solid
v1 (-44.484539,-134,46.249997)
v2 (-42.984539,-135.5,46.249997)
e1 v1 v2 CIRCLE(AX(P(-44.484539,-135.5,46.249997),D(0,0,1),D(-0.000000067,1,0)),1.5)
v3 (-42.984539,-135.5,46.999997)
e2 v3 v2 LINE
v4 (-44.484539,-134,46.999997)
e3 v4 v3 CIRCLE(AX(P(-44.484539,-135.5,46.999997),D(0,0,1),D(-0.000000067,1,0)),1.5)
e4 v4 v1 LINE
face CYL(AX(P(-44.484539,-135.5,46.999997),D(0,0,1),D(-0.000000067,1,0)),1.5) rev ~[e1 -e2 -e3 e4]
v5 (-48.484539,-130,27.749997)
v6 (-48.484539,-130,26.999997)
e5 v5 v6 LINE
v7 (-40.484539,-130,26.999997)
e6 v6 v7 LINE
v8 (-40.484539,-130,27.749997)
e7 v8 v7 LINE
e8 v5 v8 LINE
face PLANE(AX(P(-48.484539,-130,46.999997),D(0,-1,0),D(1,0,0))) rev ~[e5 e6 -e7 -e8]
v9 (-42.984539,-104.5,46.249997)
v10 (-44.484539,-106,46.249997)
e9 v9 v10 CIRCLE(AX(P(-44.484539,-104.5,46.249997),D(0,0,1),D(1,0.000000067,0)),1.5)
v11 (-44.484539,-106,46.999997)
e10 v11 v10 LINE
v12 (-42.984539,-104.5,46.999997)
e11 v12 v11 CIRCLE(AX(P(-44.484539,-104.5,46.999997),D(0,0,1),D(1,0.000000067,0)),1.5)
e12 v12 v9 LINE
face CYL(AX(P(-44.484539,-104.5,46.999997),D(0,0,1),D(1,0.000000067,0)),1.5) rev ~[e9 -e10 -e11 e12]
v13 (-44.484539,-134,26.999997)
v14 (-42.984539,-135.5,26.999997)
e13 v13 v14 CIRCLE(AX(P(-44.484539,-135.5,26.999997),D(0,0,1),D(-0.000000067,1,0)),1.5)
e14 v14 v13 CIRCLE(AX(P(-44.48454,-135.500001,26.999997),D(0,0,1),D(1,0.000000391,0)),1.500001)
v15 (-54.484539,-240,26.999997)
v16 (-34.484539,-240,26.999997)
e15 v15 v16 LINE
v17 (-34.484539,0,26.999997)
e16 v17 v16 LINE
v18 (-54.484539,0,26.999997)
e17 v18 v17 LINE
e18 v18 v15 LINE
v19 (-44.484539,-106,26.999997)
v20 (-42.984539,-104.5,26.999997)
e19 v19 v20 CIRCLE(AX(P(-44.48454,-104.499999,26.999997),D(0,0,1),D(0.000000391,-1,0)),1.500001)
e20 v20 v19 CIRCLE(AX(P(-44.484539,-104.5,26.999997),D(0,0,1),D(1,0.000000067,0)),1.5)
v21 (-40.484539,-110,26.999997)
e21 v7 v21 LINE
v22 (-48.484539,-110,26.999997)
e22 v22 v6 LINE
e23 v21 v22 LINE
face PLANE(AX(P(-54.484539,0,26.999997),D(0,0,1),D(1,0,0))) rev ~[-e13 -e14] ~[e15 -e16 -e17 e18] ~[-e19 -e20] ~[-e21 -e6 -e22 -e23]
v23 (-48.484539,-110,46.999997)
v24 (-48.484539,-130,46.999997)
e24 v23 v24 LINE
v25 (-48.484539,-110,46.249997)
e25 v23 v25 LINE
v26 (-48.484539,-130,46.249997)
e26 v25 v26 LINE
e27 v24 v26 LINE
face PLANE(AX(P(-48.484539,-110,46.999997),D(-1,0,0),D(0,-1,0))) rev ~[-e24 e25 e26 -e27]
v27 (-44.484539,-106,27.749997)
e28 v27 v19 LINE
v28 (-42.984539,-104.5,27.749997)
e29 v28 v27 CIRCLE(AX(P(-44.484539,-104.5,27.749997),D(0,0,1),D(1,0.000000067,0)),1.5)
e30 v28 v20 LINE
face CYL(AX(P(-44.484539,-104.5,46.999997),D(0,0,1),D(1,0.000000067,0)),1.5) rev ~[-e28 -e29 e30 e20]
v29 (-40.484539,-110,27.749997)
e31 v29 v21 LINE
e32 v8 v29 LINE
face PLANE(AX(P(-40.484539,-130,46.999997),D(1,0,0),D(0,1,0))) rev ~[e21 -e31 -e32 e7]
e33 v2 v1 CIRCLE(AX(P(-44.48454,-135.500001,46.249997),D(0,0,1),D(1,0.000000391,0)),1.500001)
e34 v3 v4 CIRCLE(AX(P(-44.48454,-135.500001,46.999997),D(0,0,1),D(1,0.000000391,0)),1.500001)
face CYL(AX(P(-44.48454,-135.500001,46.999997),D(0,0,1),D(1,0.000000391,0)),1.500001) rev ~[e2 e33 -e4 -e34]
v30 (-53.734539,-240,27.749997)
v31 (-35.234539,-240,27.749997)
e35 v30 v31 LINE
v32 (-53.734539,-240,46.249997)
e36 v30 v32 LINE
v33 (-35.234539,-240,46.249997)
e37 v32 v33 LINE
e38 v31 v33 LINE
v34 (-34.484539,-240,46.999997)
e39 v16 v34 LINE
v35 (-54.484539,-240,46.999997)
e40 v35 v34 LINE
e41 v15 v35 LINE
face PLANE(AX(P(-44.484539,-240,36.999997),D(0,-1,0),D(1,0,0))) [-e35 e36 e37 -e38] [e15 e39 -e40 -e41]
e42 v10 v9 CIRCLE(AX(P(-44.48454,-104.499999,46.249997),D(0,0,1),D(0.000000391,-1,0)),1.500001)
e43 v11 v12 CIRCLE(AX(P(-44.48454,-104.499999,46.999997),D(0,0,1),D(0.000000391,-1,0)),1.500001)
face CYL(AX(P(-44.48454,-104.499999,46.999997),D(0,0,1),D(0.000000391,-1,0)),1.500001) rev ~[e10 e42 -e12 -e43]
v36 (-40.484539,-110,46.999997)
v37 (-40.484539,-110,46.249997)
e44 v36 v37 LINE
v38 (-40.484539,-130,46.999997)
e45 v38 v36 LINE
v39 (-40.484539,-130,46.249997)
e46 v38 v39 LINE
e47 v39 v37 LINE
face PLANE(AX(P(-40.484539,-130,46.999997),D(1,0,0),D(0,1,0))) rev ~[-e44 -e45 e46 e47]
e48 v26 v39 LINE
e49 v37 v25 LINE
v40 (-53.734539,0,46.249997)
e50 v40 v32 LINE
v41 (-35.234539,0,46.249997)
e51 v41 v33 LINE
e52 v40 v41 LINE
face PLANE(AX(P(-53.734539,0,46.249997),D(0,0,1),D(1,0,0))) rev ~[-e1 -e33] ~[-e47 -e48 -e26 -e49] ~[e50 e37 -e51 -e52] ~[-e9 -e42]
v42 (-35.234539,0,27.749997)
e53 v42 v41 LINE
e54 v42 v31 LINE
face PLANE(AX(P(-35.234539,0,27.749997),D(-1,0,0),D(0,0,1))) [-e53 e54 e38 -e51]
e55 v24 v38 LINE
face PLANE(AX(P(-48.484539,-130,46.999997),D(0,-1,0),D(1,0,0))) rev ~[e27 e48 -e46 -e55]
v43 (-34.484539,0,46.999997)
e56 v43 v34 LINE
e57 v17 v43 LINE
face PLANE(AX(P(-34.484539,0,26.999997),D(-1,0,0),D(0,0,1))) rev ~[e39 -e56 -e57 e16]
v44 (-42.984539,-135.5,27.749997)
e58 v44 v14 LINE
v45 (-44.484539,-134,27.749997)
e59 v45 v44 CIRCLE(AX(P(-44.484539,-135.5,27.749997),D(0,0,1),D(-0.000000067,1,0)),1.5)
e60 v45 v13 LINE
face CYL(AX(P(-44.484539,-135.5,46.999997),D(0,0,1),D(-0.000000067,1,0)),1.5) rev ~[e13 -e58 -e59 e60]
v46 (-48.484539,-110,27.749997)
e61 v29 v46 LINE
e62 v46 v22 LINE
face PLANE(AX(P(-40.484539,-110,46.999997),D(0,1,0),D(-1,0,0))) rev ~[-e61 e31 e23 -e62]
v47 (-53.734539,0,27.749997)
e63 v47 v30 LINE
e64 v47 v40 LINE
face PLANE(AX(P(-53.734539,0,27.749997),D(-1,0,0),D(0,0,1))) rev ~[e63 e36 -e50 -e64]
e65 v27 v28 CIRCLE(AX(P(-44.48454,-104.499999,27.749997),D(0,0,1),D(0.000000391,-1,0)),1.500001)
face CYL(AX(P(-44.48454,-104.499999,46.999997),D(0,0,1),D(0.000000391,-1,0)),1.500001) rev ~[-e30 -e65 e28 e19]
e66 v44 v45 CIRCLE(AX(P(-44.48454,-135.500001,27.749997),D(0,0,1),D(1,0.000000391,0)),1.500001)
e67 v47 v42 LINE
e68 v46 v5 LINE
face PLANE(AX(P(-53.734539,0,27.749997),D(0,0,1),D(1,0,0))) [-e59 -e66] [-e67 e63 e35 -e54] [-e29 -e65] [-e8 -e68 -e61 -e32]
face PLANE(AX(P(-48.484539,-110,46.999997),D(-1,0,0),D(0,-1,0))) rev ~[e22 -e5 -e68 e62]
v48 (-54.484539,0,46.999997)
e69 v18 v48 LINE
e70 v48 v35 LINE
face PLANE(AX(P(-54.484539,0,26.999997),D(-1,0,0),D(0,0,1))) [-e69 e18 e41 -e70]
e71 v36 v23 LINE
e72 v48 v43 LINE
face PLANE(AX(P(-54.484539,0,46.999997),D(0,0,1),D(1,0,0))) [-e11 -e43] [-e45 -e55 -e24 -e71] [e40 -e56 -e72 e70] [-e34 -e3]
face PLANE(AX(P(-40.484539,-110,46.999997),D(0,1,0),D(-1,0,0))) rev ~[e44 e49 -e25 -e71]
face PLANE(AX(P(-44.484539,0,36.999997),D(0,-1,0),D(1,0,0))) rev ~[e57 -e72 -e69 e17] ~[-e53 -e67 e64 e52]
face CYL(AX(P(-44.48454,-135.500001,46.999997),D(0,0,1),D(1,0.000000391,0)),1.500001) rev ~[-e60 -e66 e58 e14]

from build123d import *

# Parameters (mm, degrees)
F0_W     = 20
F0_H     = 20
F0_W_2   = 18.5
F0_H_2   = 18.5
F1_DEPTH = 240
F2_W     = 6
F2_H     = 9
F3_DEPTH = 25


with BuildPart() as f1:
    # F0 (on Front) → F1 (new body)
    with BuildSketch(Plane.XZ):
        with Locations((-44.484539, 36.999997)):
            Rectangle(F0_W, F0_H)
        with Locations((-44.484539, 36.999997)):
            Rectangle(F0_W_2, F0_H_2, mode=Mode.SUBTRACT)
    extrude(amount=F1_DEPTH)

    # F2 (on face) → F3 (cut)
    with BuildSketch(Plane.XY.offset(46.999997)):
        with Locations((-44.484539, -124.5)):
            Rectangle(F2_W, F2_H)
        with Locations((-44.484539, -115.5)):
            Rectangle(F2_W, F2_H)
        Polygon((-48.484539, -110), (-48.484539, -120), (-47.484539, -120), (-47.484539, -111), (-41.484539, -111), (-41.484539, -120), (-40.484539, -120), (-40.484539, -110), (-44.484539, -110), align=None)
        Polygon((-47.484539, -120), (-48.484539, -120), (-48.484539, -130), (-44.484539, -130), (-40.484539, -130), (-40.484539, -120), (-41.484539, -120), (-41.484539, -129), (-47.484539, -129), align=None)
        with BuildLine():
            ThreePointArc((-42.984539, -104.5), (-45.545199, -103.43934), (-44.484539, -106))
            ThreePointArc((-44.484539, -106), (-43.423879, -105.56066), (-42.984539, -104.5))
        make_face()
        with BuildLine():
            ThreePointArc((-42.984539, -135.5), (-43.423879, -134.43934), (-44.484539, -134))
            ThreePointArc((-44.484539, -134), (-45.545199, -136.56066), (-42.984539, -135.5))
        make_face()
    extrude(amount=-F3_DEPTH, mode=Mode.SUBTRACT)


solid = f1.part
